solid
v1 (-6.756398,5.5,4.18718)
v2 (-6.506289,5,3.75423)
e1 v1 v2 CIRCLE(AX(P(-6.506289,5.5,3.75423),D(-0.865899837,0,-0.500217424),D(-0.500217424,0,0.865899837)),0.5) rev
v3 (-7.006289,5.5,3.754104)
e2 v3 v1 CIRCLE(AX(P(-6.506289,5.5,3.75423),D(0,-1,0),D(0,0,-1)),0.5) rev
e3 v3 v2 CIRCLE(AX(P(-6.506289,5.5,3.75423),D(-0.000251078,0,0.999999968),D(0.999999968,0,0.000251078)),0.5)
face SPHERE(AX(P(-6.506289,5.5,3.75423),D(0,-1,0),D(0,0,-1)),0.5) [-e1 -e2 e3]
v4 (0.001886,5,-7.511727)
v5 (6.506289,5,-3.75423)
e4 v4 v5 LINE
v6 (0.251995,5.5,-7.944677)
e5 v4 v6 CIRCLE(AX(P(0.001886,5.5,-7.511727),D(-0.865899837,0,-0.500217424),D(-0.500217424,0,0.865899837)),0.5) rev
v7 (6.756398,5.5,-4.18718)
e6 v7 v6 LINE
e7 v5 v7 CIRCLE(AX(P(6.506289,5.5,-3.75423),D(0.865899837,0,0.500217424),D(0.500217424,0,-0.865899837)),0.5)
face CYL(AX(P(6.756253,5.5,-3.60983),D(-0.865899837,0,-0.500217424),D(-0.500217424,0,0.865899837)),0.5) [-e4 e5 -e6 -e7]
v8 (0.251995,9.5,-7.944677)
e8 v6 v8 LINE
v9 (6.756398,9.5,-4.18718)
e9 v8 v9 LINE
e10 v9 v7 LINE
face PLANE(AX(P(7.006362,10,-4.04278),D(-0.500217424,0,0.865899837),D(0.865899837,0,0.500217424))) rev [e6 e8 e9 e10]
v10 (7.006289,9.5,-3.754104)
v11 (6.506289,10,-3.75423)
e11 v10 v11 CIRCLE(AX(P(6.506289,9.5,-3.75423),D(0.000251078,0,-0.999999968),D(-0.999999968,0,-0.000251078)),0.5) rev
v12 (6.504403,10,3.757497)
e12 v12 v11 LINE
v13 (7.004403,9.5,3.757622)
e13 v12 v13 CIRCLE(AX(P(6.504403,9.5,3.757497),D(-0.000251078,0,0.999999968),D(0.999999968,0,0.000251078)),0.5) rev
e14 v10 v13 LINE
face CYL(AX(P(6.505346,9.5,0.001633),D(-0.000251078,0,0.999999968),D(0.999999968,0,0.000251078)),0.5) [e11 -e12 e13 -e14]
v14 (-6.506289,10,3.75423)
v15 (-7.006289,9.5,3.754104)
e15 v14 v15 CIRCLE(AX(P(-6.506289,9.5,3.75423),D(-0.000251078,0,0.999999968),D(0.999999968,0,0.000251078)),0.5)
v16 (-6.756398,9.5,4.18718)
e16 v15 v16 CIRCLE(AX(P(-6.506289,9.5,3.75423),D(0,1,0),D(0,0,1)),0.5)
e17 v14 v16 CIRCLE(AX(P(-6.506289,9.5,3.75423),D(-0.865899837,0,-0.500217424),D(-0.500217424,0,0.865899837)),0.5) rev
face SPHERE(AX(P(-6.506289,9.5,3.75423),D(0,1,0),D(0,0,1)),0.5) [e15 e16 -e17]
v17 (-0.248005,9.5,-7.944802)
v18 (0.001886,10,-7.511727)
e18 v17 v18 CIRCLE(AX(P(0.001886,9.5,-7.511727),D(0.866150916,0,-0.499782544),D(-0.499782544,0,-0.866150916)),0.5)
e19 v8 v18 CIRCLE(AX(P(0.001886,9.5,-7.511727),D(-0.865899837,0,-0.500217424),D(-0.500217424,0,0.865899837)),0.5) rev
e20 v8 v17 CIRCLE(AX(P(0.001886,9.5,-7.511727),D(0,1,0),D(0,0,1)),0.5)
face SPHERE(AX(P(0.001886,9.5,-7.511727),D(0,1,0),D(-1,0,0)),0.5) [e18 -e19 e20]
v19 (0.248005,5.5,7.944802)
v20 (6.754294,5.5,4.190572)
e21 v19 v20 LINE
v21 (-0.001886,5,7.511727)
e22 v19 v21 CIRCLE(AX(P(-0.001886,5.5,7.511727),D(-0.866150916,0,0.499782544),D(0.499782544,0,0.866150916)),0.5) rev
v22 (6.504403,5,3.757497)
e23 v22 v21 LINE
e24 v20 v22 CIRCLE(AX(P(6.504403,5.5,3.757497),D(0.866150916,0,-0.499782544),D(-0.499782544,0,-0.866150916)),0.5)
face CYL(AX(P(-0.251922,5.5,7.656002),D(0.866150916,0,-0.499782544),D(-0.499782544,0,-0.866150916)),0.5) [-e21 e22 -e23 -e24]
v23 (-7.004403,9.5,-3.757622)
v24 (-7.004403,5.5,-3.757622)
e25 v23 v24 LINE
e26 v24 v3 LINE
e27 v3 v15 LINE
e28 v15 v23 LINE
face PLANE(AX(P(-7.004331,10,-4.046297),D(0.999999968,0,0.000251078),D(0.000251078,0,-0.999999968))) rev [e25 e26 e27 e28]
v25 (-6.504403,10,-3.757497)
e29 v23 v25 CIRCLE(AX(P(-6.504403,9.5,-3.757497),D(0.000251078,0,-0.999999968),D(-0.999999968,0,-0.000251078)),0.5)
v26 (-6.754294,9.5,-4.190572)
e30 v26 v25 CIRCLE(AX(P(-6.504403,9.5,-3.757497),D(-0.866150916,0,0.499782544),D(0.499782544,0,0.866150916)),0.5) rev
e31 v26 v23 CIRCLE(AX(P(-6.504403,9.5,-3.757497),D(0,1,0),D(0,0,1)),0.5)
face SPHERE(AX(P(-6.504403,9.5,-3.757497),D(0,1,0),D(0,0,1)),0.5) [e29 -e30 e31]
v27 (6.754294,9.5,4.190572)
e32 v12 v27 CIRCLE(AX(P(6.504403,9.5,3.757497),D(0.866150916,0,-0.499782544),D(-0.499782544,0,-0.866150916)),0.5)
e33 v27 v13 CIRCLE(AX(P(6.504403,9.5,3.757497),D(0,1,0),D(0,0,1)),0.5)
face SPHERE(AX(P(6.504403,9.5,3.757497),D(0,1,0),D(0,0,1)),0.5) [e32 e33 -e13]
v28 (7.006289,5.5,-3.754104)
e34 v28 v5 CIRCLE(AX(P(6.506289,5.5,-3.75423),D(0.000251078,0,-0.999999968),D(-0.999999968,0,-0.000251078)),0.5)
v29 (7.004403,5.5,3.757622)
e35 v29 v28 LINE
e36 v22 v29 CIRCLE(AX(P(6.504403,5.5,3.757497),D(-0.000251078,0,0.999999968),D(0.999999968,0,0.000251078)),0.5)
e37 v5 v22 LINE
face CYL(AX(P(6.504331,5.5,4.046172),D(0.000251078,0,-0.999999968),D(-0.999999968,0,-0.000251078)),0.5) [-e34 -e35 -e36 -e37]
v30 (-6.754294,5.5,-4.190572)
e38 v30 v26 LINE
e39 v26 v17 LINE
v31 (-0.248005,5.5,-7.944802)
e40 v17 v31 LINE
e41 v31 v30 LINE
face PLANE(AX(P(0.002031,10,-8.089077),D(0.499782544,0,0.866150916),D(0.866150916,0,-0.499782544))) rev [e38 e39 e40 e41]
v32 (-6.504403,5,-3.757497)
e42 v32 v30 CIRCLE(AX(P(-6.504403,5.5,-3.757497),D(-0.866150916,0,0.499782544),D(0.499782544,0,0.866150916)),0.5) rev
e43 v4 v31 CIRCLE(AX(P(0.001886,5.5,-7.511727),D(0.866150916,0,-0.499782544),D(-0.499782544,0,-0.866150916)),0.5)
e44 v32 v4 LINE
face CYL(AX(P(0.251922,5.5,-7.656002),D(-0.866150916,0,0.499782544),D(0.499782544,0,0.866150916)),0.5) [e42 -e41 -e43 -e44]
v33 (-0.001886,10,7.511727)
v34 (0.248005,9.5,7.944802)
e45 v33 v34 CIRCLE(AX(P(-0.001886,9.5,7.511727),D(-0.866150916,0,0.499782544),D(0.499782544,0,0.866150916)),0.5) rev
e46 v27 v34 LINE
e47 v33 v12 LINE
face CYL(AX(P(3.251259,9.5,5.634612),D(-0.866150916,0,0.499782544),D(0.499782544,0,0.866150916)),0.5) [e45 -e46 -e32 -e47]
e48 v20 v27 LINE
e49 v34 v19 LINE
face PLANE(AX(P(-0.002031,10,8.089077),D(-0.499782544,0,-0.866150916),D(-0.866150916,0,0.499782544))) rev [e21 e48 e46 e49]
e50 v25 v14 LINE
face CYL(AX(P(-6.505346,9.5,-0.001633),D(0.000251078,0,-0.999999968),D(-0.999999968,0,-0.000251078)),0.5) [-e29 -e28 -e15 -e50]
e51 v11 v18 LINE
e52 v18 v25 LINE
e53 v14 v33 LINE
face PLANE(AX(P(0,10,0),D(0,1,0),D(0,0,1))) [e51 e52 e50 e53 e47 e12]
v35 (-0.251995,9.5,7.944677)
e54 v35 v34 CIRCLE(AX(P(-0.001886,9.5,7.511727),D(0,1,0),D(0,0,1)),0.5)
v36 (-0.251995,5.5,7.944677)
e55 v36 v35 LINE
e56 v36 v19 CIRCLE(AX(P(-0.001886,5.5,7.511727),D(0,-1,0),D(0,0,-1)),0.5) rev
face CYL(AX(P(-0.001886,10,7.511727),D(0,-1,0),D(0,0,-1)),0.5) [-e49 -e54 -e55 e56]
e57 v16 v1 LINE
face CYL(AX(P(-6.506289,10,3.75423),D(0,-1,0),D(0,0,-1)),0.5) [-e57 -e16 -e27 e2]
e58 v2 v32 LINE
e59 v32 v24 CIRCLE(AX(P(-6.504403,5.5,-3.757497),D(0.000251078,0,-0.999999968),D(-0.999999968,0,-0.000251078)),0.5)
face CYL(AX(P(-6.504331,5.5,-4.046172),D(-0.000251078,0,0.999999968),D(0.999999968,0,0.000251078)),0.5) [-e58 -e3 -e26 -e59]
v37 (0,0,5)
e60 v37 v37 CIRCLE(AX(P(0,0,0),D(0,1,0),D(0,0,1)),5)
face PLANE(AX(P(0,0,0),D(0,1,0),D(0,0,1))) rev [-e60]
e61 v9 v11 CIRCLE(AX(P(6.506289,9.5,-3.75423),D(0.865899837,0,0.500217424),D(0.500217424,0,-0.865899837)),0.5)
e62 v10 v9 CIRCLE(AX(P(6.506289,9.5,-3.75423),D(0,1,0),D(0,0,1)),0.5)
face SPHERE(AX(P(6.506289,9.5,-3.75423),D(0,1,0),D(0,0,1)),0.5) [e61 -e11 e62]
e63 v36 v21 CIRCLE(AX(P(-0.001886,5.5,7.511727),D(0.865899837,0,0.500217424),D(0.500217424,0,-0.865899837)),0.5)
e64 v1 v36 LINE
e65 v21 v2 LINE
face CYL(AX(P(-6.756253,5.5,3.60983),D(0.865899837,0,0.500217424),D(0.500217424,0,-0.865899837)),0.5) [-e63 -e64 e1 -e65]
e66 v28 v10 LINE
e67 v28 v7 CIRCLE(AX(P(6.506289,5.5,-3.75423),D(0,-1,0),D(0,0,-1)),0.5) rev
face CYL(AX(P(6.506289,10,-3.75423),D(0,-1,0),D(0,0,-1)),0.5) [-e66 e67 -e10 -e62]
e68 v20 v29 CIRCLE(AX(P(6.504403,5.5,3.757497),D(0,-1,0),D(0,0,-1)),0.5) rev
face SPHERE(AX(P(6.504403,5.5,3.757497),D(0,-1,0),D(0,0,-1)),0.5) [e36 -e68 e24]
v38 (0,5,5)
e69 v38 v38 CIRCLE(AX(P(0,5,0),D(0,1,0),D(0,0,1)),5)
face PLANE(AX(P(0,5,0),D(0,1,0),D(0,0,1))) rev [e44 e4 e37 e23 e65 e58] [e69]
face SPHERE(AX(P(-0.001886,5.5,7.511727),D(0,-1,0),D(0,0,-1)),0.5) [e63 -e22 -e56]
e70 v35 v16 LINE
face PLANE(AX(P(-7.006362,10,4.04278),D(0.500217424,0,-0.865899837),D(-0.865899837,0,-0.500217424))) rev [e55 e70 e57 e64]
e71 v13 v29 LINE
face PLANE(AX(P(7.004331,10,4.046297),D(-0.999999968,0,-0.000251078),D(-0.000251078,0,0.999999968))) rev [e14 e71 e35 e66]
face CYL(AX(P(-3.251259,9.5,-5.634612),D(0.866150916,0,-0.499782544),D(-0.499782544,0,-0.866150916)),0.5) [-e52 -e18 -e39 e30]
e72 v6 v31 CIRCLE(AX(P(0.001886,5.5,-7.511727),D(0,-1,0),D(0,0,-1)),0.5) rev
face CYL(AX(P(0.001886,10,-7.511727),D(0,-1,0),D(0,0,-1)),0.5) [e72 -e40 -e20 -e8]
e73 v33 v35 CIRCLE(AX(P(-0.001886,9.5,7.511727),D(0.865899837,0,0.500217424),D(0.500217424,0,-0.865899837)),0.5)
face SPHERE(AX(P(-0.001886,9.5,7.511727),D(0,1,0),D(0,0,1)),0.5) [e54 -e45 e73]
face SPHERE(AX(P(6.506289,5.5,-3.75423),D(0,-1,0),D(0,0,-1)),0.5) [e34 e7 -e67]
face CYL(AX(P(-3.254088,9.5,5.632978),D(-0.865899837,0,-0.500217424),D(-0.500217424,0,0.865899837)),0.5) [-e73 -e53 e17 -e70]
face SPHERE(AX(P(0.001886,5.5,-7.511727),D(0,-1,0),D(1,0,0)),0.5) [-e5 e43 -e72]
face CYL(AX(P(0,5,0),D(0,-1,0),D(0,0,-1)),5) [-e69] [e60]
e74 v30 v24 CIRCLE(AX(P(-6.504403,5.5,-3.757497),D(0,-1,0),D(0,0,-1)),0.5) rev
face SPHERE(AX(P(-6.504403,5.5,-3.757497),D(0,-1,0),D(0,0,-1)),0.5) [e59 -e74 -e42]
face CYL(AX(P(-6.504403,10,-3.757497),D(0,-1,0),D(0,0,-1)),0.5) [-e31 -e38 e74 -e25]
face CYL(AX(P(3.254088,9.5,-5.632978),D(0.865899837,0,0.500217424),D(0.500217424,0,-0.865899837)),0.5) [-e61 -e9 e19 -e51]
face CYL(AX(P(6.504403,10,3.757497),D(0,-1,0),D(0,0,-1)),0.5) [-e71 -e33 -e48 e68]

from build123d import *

# Parameters (mm, degrees)
SKETCH1_R           = 5
BOSS_EXTRUDE1_DEPTH = 5
BOSS_EXTRUDE2_DEPTH = 5
FILLET1_R           = 0.5


with BuildPart() as part:
    # Sketch1 → Boss-Extrude1 (new body)
    with BuildSketch(Plane(origin=(0, 0, 0), x_dir=(1, 0, 0), z_dir=(0, 1, 0))):
        with Locations(Location((0, 0, 0), (0, 0, 270))):
            Circle(SKETCH1_R)
    extrude(amount=BOSS_EXTRUDE1_DEPTH)

    # Sketch2 → Boss-Extrude2 (add)
    with BuildSketch(Plane(origin=(0, 5, 0), x_dir=(1, 0, 0), z_dir=(0, 1, 0))):
        Polygon((7.004330674, -4.046297386), (7.006361665, 4.042779607), (0.002030991, 8.089076993), (-7.004330674, 4.046297386), (-7.006361665, -4.042779607), (-0.002030991, -8.089076993), align=None)
    extrude(amount=BOSS_EXTRUDE2_DEPTH)

    # Fillet1
    fillet1_edges = [part.edges().sort_by_distance(p)[0] for p in [
        (3.501149842, 5, 6.06768719),
        (-0.002030991, 7.5, 8.089076993),
        (7.00534617, 5, 0.00175889),
        (7.004330674, 7.5, 4.046297386),
        (3.504196328, 5, -6.0659283),
        (7.006361665, 7.5, -4.042779607),
        (-3.501149842, 5, -6.06768719),
        (0.002030991, 7.5, -8.089076993),
        (-7.00534617, 5, -0.00175889),
        (-7.004330674, 7.5, -4.046297386),
        (-3.504196328, 5, 6.0659283),
        (-7.006361665, 7.5, 4.042779607),
        (3.501149842, 10, 6.06768719),
        (7.00534617, 10, 0.00175889),
        (3.504196328, 10, -6.0659283),
        (-3.501149842, 10, -6.06768719),
        (-7.00534617, 10, -0.00175889),
        (-3.504196328, 10, 6.0659283),
    ]]
    fillet(fillet1_edges, radius=FILLET1_R)


solid = part.part
